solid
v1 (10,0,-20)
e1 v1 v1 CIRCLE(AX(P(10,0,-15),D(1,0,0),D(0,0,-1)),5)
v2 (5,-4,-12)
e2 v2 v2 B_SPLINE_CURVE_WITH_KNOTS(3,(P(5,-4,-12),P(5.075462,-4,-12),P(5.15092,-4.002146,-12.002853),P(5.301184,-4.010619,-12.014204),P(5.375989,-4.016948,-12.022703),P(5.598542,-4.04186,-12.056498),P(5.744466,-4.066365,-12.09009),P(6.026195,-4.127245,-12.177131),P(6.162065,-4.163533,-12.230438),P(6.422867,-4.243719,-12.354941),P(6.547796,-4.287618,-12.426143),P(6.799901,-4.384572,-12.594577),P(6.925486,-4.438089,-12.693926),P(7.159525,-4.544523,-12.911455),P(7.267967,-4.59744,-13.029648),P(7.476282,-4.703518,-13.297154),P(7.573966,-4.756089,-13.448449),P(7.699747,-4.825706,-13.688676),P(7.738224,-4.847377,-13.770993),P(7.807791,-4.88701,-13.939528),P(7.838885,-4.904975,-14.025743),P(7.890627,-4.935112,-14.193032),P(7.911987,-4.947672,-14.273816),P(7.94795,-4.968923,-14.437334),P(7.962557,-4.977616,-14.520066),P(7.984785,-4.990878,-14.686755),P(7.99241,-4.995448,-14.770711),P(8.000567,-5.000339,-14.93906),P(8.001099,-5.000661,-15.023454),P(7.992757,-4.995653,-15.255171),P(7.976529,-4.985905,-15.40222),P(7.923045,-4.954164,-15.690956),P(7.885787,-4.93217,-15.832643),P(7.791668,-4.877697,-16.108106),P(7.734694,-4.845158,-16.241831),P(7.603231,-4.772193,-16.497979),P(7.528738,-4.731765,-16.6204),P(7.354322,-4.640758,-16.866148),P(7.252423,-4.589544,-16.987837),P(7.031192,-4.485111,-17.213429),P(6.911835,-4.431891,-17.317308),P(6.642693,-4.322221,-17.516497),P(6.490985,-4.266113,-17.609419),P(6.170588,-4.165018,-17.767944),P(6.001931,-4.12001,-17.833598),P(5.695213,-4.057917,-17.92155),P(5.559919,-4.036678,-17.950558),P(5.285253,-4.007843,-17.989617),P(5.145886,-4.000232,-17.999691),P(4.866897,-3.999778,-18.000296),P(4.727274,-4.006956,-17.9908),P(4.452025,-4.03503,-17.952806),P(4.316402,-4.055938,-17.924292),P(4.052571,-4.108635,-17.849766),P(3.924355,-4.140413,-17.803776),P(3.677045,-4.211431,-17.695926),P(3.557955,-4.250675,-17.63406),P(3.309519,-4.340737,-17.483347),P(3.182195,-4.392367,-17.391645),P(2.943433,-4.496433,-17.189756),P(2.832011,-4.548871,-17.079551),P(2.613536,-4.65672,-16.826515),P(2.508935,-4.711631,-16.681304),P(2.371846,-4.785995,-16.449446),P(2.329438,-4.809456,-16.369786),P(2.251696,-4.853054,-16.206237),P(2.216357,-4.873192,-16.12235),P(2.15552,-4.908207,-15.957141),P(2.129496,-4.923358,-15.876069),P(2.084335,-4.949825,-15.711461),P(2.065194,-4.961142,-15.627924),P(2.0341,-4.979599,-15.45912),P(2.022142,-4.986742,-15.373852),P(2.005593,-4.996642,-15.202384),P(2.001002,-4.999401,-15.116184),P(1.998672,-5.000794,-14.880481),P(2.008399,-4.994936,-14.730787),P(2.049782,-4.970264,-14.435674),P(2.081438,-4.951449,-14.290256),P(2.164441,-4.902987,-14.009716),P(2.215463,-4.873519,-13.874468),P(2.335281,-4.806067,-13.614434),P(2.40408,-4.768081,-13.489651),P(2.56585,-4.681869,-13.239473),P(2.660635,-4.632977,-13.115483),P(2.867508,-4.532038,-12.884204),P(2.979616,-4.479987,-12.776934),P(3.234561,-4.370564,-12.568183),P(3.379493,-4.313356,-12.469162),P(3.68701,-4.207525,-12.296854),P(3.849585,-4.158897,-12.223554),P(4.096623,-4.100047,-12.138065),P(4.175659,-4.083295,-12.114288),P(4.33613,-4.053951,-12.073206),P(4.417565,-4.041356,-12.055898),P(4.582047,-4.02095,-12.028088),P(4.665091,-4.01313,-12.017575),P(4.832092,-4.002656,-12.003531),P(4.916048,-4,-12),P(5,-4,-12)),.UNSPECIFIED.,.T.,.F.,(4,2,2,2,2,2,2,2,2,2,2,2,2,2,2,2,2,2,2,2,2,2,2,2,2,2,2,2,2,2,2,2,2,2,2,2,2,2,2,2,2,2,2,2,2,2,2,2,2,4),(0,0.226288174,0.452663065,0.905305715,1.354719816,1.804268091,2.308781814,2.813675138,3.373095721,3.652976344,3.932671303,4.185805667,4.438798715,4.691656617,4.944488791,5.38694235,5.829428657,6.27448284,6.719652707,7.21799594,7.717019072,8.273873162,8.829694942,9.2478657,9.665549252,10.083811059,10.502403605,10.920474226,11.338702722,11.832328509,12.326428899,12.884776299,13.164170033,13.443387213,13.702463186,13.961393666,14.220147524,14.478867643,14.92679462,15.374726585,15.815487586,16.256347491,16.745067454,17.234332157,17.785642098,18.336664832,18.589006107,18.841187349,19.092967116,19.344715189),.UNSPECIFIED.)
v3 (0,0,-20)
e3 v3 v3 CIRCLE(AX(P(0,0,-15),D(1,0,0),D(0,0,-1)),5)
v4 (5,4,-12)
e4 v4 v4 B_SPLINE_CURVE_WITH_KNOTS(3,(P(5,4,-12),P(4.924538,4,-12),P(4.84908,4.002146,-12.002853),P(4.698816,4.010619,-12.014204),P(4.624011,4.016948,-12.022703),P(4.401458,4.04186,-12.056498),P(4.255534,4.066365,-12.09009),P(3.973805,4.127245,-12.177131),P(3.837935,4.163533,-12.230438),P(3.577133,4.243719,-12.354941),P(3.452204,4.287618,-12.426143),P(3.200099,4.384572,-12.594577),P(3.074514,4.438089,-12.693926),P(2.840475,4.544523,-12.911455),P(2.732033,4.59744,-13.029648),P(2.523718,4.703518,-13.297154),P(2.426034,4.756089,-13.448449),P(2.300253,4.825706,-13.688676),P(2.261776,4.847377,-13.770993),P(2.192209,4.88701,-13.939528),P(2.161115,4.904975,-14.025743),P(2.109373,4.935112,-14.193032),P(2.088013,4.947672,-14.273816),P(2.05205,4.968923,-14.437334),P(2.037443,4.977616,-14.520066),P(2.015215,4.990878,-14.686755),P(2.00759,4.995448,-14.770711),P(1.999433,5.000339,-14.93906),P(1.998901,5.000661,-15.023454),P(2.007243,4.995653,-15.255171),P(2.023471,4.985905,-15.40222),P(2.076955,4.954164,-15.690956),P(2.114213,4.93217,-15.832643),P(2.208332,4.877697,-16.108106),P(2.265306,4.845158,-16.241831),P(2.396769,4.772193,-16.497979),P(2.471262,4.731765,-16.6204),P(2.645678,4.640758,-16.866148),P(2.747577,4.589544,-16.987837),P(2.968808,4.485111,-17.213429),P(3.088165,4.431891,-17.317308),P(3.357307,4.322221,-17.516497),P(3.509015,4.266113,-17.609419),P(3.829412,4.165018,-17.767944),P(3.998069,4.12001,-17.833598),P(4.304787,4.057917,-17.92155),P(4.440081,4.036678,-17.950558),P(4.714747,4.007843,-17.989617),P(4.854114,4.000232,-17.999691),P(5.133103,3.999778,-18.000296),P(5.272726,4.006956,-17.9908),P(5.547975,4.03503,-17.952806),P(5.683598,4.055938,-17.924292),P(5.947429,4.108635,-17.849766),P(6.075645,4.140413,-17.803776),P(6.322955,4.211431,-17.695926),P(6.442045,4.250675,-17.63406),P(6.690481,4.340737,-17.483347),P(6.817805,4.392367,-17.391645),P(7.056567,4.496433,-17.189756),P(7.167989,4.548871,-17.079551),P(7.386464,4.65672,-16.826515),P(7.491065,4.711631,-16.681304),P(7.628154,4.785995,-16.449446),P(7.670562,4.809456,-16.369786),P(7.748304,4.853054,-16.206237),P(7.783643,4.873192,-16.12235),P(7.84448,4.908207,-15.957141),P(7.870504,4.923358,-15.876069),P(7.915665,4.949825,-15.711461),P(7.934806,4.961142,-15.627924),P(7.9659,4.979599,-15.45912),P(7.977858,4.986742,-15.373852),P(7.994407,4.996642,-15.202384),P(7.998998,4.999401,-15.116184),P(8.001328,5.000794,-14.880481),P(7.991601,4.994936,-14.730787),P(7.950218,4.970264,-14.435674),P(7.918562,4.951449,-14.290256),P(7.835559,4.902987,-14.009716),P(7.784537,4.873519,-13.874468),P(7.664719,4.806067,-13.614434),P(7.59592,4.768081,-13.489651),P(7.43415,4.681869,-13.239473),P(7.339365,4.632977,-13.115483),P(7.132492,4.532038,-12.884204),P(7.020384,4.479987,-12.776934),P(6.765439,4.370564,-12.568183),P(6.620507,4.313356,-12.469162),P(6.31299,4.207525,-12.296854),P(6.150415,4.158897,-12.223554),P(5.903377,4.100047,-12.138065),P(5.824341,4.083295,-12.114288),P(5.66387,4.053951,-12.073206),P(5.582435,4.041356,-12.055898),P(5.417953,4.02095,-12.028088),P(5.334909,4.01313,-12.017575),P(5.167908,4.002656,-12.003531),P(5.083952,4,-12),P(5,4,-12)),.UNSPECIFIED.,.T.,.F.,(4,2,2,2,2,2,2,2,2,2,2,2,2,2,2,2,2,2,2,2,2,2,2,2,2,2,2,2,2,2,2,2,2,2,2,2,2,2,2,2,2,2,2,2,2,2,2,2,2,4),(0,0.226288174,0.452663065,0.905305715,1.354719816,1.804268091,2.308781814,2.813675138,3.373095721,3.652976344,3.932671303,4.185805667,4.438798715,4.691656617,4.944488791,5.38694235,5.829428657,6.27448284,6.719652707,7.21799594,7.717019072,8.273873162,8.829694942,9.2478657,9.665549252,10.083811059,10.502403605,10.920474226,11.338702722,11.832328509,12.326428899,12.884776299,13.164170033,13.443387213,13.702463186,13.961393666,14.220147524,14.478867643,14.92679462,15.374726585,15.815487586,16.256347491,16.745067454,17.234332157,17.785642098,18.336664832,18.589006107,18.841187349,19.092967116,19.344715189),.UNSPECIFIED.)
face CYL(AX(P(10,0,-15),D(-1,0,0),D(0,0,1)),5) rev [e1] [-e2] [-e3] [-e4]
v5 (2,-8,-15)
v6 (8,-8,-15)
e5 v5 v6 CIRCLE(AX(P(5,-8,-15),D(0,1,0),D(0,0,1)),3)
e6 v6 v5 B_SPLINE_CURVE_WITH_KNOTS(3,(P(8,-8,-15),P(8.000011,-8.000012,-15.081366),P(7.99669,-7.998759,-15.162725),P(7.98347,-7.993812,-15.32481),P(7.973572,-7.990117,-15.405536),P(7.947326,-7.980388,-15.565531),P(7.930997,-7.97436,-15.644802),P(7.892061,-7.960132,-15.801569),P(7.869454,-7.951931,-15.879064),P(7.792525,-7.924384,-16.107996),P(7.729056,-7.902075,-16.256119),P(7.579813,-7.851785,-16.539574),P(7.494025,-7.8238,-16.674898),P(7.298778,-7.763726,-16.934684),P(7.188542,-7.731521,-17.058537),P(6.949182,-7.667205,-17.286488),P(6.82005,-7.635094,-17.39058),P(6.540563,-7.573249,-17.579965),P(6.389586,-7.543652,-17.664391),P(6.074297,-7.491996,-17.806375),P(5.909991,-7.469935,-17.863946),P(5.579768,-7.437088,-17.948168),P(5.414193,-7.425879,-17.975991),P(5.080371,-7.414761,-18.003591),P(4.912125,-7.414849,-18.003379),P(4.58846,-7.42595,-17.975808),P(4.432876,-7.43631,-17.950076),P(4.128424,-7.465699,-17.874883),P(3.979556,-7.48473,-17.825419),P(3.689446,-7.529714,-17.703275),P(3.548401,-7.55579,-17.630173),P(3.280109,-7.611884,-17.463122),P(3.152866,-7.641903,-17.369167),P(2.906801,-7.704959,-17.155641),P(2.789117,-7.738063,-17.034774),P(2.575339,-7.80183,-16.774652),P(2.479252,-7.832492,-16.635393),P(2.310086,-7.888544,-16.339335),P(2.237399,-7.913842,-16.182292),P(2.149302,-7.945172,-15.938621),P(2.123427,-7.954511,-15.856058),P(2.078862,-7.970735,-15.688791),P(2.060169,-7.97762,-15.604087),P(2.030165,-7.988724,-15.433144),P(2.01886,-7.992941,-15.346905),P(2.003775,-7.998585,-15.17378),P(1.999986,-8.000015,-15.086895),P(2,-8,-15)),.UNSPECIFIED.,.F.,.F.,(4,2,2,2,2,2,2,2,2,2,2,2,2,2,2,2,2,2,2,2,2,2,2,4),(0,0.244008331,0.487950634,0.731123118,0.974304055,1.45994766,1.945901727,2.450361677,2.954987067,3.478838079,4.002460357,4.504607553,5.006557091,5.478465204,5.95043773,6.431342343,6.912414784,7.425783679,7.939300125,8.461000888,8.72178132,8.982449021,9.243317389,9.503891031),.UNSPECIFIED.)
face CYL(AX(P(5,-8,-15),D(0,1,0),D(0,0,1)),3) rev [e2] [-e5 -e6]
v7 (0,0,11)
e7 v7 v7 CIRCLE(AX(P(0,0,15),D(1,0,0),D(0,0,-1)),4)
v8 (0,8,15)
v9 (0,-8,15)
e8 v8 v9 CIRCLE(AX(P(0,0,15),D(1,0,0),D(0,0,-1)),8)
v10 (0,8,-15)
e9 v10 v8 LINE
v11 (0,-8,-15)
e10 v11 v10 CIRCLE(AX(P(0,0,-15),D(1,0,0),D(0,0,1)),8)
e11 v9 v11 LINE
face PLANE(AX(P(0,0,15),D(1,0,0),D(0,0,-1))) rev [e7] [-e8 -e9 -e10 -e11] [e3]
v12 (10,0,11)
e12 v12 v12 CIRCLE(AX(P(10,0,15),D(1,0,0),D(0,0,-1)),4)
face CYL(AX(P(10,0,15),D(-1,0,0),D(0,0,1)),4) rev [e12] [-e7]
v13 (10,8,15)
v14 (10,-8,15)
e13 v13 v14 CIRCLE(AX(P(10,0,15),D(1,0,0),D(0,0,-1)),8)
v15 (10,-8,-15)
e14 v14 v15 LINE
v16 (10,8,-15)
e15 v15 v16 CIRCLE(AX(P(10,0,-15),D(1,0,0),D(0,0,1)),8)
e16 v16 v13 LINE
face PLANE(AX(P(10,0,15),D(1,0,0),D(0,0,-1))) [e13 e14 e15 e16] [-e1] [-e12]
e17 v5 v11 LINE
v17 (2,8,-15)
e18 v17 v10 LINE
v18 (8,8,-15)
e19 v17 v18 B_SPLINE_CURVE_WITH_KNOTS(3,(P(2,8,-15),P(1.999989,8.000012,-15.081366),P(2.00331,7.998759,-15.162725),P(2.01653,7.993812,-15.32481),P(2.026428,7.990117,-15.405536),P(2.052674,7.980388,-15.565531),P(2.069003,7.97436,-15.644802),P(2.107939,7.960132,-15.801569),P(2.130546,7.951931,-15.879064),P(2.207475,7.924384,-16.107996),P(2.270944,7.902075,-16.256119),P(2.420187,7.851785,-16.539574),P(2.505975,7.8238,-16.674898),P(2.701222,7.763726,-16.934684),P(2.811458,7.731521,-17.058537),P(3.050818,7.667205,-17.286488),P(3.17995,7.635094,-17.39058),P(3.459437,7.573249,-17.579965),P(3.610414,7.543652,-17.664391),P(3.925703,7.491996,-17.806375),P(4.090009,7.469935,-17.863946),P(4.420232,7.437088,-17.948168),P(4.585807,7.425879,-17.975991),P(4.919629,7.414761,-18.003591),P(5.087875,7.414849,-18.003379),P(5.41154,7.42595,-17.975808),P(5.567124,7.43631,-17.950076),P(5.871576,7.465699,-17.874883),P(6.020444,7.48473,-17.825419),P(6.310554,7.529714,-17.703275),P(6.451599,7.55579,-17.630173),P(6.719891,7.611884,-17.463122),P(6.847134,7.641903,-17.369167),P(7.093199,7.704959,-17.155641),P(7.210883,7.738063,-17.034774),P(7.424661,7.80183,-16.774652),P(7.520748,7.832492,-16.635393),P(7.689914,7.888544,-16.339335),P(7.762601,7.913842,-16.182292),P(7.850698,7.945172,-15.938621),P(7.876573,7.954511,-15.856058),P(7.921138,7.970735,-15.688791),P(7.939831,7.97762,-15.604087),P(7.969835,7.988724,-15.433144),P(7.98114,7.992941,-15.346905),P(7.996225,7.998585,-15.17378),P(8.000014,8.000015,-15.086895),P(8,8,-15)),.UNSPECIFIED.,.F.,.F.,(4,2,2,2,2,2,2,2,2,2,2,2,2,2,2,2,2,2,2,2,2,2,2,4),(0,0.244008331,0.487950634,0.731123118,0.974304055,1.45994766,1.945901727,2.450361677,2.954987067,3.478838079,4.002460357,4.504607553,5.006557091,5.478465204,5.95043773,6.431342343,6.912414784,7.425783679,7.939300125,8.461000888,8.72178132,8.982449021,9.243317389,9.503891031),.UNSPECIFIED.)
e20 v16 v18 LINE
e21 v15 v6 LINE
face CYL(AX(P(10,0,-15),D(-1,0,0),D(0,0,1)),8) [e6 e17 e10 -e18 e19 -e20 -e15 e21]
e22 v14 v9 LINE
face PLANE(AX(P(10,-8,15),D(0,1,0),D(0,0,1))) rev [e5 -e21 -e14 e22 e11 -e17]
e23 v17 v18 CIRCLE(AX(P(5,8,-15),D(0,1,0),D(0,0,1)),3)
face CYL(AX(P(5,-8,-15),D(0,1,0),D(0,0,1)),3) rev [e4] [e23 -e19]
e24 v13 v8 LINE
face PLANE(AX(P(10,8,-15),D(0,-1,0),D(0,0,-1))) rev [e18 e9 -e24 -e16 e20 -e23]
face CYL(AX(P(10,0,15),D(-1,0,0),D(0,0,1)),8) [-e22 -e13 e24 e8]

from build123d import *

# Parameters (mm, degrees)
SKETCH_1_R          = 4
SKETCH_1_R_2        = 5
EXTRUDE_1_DEPTH     = 10
SKETCH_2_R          = 3
CUT_EXTRUDE_1_DEPTH = 17


with BuildPart() as part:
    # 草图1 → 凸台-拉伸1 (new body)
    with BuildSketch(Plane(origin=(0, 0, 0), x_dir=(0, 0, -1), z_dir=(1, 0, 0))):
        with BuildLine():
            Line((15, 8), (-15, 8))
            ThreePointArc((-15, 8), (-23, 0), (-15, -8))
            Line((-15, -8), (15, -8))
            ThreePointArc((15, -8), (23, 0), (15, 8))
        make_face()
        with Locations((-15, 0)):
            Circle(SKETCH_1_R, mode=Mode.SUBTRACT)
        with Locations((15, 0)):
            Circle(SKETCH_1_R_2, mode=Mode.SUBTRACT)
    extrude(amount=EXTRUDE_1_DEPTH)

    # 草图2 → 切除-拉伸1 (cut, through all)
    with BuildSketch(Plane(origin=(0, 8, 0), x_dir=(1, 0, 0), z_dir=(0, 1, 0))):
        with Locations((5, 15)):
            Circle(SKETCH_2_R)
    extrude(amount=-CUT_EXTRUDE_1_DEPTH, mode=Mode.SUBTRACT)


solid = part.part
